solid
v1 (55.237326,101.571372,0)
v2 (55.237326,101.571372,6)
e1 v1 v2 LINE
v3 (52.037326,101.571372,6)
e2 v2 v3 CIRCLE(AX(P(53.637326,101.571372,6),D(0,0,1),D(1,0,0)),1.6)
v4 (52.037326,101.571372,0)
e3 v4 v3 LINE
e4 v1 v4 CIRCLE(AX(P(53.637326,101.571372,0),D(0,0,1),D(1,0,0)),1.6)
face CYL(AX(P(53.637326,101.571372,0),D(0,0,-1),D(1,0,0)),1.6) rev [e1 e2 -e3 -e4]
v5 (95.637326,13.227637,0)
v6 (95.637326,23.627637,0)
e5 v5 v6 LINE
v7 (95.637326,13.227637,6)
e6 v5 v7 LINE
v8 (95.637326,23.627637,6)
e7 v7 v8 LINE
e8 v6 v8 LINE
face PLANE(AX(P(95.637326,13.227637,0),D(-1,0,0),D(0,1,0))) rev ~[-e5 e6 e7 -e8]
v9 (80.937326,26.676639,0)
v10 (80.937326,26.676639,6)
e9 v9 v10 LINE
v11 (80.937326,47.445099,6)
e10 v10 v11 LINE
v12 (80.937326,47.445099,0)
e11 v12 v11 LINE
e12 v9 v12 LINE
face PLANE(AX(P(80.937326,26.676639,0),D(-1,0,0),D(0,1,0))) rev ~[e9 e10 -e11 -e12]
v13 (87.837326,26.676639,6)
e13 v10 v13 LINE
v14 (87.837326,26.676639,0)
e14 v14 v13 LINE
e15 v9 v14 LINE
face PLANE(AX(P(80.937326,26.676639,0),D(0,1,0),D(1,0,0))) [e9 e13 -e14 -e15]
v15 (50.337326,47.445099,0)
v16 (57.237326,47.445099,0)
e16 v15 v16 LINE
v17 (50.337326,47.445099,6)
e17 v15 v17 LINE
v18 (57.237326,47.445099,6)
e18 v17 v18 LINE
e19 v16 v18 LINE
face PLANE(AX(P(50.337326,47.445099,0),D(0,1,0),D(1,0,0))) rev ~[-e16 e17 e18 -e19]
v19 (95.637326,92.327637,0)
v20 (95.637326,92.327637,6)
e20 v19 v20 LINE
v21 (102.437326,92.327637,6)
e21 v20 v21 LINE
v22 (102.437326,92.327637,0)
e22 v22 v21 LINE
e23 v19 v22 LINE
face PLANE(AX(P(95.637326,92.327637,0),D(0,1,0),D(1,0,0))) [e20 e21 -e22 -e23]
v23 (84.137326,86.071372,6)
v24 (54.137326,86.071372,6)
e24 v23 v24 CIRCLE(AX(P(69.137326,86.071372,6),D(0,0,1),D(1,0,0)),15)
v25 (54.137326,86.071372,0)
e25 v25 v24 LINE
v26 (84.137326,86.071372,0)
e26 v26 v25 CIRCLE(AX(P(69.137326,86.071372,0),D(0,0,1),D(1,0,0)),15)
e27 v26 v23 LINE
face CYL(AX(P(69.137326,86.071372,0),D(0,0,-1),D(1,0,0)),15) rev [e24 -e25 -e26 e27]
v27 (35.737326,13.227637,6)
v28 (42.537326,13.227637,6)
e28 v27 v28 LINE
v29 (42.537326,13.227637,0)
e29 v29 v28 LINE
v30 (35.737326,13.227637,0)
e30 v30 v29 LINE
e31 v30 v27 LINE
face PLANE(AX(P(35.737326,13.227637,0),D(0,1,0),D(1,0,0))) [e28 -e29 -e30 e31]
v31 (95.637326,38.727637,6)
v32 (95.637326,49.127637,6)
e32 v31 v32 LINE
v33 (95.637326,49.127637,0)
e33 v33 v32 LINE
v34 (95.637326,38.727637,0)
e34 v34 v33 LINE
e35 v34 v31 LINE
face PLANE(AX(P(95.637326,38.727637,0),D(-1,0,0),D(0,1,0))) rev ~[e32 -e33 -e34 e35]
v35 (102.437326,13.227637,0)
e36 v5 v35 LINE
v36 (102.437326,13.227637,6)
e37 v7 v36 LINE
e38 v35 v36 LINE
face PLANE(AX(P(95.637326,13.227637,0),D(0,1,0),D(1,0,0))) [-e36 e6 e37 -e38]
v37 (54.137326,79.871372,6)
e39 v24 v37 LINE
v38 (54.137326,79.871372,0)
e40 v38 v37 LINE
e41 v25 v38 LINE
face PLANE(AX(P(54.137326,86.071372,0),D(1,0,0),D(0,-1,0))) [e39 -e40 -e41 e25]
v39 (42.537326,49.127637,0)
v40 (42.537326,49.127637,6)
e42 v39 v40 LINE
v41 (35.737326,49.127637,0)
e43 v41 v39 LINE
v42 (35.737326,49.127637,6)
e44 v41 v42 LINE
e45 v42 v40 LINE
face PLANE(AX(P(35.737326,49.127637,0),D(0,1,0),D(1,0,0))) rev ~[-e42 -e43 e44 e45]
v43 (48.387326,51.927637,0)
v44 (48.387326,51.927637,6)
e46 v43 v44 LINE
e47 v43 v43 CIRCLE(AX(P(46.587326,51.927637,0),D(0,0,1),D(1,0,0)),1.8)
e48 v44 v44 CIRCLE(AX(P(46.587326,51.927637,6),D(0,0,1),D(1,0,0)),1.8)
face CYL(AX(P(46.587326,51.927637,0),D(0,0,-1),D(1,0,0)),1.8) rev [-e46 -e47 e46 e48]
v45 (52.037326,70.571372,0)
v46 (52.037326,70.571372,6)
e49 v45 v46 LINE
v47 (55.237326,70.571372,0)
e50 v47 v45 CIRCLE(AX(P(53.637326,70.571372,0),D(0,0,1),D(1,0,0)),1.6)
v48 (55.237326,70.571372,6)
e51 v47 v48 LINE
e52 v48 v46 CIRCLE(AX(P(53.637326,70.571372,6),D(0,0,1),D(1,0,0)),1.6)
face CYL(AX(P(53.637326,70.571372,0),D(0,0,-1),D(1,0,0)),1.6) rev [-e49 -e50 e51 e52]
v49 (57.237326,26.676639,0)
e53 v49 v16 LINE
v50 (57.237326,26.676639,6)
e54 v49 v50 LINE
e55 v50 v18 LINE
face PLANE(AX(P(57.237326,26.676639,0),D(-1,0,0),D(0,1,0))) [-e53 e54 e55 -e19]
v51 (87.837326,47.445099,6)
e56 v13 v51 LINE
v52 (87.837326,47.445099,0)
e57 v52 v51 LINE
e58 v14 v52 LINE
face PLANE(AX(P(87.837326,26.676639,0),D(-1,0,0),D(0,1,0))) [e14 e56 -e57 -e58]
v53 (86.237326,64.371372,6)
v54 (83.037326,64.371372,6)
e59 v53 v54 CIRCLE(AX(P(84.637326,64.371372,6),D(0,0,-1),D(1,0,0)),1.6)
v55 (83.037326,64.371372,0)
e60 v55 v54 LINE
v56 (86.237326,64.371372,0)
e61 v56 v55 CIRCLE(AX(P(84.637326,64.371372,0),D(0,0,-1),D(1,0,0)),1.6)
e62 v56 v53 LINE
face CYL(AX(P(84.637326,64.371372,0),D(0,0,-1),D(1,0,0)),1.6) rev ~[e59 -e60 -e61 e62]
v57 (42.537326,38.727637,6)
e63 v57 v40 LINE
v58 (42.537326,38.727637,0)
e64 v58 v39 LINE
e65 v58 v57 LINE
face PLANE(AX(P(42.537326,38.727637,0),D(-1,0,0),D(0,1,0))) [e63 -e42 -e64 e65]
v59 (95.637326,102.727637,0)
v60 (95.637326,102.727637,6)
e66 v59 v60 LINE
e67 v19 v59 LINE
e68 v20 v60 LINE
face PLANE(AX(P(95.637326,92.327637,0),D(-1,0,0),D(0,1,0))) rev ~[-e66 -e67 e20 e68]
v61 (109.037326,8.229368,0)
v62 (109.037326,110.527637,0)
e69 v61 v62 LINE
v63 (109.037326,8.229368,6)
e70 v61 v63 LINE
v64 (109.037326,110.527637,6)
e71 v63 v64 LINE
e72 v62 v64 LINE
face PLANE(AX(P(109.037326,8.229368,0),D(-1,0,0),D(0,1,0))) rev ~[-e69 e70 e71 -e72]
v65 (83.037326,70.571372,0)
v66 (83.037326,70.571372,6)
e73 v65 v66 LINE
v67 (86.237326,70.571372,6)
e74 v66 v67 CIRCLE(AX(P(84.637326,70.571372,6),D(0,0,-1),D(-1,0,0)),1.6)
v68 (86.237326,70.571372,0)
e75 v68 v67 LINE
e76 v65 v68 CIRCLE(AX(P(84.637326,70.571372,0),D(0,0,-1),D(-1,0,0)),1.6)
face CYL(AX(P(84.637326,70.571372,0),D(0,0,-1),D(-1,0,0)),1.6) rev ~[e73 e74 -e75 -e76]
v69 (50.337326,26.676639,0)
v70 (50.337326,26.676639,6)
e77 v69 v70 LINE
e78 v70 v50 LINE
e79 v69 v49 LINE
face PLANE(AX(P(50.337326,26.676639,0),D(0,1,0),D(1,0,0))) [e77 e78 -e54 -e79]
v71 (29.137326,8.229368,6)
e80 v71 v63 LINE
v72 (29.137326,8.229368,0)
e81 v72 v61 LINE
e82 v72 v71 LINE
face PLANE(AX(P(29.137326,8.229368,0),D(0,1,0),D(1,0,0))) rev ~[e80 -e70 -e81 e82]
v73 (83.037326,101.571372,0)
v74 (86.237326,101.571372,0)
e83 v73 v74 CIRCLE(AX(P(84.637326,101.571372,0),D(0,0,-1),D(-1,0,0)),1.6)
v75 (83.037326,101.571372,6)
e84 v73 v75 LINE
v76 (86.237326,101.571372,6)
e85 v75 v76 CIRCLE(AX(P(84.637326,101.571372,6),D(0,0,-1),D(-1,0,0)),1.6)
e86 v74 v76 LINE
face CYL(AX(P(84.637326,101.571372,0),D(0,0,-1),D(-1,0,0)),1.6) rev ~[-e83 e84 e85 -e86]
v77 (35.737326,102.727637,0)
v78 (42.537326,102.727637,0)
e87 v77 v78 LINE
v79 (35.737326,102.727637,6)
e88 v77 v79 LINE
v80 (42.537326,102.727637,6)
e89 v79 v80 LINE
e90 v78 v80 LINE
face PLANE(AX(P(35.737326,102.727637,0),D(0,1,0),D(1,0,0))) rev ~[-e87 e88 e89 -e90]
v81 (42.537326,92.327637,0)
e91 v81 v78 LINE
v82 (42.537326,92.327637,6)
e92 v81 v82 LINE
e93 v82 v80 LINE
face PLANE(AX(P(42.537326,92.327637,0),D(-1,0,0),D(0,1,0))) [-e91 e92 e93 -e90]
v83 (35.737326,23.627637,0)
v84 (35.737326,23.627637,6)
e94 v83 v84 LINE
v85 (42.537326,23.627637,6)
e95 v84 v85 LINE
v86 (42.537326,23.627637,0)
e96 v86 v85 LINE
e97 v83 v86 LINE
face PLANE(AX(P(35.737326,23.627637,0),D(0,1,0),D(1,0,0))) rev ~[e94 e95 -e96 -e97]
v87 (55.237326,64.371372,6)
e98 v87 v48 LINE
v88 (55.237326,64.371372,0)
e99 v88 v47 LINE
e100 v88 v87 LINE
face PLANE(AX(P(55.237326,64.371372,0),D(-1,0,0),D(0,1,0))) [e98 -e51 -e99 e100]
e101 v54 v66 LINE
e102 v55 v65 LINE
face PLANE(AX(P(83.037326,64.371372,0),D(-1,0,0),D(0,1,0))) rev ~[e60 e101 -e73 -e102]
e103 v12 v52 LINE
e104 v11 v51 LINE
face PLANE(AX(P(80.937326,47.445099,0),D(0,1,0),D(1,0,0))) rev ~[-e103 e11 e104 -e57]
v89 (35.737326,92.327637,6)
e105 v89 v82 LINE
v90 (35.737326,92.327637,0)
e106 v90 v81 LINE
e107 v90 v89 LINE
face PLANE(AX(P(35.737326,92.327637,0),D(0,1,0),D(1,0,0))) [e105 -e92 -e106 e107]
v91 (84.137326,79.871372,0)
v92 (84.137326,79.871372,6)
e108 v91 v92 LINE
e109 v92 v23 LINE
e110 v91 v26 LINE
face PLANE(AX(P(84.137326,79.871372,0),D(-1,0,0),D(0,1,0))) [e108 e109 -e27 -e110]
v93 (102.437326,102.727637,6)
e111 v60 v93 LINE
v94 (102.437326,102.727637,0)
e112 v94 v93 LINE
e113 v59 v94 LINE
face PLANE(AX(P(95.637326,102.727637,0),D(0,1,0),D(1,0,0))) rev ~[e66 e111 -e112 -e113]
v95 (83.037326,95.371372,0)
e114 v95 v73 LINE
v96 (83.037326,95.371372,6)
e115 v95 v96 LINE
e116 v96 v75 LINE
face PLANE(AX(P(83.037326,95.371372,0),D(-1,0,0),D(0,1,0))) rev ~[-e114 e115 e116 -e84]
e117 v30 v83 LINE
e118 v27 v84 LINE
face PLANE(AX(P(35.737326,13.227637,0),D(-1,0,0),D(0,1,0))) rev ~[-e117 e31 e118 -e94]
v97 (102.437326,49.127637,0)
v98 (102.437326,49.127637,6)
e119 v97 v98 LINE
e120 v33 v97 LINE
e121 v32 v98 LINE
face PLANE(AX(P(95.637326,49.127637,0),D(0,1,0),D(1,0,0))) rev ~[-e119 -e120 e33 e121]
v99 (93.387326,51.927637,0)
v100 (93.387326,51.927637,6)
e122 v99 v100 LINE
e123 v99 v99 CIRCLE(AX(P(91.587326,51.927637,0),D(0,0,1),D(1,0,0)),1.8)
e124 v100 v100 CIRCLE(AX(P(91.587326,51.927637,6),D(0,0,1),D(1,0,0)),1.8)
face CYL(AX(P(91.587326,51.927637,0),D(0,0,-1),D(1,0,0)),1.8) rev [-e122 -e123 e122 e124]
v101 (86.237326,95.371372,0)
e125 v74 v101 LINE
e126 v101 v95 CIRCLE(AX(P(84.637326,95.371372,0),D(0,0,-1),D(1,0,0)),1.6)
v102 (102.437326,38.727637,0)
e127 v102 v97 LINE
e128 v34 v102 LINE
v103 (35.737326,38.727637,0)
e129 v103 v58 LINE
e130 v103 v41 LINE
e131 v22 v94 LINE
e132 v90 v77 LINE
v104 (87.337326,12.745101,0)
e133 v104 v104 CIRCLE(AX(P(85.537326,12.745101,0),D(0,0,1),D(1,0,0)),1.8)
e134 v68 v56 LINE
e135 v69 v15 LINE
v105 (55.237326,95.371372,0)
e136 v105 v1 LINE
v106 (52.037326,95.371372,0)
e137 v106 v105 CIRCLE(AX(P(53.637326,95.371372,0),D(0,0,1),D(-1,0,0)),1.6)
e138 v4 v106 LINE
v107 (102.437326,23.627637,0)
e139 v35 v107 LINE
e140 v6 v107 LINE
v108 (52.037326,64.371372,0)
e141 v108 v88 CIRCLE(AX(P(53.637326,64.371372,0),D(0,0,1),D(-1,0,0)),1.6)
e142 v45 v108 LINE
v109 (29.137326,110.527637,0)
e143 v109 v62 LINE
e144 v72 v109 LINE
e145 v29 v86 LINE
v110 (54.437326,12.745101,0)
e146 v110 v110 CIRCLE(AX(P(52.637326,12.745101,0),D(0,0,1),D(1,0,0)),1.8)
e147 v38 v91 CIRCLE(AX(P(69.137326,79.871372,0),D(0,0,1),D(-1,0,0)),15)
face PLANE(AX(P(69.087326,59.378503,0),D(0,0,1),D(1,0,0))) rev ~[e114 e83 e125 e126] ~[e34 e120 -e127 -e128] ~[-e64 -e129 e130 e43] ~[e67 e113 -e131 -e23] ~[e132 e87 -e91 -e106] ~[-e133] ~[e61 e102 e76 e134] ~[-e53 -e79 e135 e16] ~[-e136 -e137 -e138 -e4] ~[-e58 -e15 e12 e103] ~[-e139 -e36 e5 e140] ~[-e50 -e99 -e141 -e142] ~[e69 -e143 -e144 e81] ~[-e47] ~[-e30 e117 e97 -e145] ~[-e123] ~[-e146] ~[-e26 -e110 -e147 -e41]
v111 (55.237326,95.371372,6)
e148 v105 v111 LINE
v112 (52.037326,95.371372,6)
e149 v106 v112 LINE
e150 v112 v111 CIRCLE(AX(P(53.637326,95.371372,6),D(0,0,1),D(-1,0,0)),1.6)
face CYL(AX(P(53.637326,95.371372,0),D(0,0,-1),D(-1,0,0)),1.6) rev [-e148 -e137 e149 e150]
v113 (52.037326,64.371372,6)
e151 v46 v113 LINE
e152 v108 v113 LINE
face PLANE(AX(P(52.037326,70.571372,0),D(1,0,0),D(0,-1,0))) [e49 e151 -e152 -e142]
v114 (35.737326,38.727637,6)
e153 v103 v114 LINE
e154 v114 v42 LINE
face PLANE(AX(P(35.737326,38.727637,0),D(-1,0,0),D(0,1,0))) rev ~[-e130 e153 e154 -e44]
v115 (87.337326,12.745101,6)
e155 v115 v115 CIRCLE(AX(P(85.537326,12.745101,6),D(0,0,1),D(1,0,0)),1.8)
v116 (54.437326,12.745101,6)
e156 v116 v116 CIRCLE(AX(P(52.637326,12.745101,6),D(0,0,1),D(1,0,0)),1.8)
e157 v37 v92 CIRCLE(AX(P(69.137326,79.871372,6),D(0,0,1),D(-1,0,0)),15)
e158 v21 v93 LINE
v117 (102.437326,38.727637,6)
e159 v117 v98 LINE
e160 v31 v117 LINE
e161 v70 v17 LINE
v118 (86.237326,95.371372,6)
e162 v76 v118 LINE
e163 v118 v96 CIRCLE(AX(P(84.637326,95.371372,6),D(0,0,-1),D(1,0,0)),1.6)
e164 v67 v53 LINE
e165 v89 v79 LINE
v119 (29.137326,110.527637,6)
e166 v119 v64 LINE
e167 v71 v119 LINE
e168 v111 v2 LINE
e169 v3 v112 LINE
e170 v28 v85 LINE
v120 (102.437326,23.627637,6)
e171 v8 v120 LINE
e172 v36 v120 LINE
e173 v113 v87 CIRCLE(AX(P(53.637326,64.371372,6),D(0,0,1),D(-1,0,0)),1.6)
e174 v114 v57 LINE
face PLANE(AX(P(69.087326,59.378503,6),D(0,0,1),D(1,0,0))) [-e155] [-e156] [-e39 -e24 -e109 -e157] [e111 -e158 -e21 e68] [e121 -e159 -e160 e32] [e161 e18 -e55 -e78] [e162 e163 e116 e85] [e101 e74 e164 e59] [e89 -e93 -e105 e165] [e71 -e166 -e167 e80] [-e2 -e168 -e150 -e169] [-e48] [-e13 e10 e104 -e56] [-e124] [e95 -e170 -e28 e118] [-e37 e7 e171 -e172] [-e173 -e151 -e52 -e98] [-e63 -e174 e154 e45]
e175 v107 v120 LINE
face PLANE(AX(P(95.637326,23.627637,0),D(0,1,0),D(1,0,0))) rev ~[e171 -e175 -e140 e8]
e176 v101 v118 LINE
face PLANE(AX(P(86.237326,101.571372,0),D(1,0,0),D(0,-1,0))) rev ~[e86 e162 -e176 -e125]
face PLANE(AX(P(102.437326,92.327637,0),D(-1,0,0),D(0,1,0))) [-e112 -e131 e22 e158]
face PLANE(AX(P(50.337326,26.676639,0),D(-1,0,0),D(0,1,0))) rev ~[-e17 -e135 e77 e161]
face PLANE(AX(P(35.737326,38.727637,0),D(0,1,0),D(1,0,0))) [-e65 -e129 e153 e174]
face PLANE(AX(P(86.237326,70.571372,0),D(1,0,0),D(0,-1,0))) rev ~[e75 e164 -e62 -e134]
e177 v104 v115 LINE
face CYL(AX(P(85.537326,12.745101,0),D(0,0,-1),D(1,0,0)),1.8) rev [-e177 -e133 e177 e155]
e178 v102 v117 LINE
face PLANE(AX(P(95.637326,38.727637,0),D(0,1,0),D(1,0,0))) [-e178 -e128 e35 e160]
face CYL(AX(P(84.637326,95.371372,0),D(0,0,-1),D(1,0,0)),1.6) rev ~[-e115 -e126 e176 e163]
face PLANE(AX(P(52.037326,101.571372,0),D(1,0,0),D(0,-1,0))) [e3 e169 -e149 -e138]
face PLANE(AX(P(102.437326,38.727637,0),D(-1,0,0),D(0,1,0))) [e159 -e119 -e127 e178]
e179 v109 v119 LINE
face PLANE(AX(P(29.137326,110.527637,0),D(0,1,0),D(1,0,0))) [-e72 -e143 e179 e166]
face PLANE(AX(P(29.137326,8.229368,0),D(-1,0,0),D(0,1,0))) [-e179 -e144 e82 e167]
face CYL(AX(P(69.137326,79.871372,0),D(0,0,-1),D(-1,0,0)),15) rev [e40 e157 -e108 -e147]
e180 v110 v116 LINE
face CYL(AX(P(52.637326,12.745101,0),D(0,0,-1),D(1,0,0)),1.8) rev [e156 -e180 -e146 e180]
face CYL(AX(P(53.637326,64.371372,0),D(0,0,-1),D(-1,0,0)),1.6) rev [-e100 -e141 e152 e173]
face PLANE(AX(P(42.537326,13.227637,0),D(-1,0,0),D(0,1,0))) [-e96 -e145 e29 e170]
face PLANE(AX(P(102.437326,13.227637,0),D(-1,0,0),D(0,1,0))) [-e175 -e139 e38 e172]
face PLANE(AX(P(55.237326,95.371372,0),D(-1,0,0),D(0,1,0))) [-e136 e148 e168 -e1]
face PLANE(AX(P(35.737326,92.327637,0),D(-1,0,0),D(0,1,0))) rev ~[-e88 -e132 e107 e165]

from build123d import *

# Parameters (mm, degrees)
MODEL_W                  = 79.9
MODEL_H                  = 102.298269881
MODEL_R                  = 1.8
MODEL_W_2                = 6.8
MODEL_H_2                = 10.4
MODEL_W_3                = 6.9
MODEL_H_3                = 20.768459162
RESSALTO_EXTRUS_O1_DEPTH = 6


with BuildPart() as part:
    # Model → Ressalto-extrusão1 (new body)
    with BuildSketch(Plane.XY):
        with Locations((69.087325958, 59.378502518)):
            Rectangle(MODEL_W, MODEL_H)
        with Locations((52.637325958, 12.745101048)):
            Circle(MODEL_R, mode=Mode.SUBTRACT)
        with Locations((85.537325958, 12.745101048)):
            Circle(MODEL_R, mode=Mode.SUBTRACT)
        with Locations((91.587325958, 51.927637459)):
            Circle(MODEL_R, mode=Mode.SUBTRACT)
        with Locations((46.587325958, 51.927637459)):
            Circle(MODEL_R, mode=Mode.SUBTRACT)
        with Locations((99.037325958, 97.527637459)):
            Rectangle(MODEL_W_2, MODEL_H_2, mode=Mode.SUBTRACT)
        with Locations((39.137325958, 97.527637459)):
            Rectangle(MODEL_W_2, MODEL_H_2, mode=Mode.SUBTRACT)
        with Locations((99.037325958, 43.927637459)):
            Rectangle(MODEL_W_2, MODEL_H_2, mode=Mode.SUBTRACT)
        with Locations((39.137325958, 18.427637459)):
            Rectangle(MODEL_W_2, MODEL_H_2, mode=Mode.SUBTRACT)
        with Locations((53.787325958, 37.060868969)):
            Rectangle(MODEL_W_3, MODEL_H_3, mode=Mode.SUBTRACT)
        with BuildLine():
            Line((52.037325958, 70.571372091), (52.037325958, 64.371372091))
            ThreePointArc((52.037325958, 64.371372091), (53.637325958, 62.771372091), (55.237325958, 64.371372091))
            Line((55.237325958, 64.371372091), (55.237325958, 70.571372091))
            ThreePointArc((55.237325958, 70.571372091), (53.637325958, 72.171372091), (52.037325958, 70.571372091))
        make_face(mode=Mode.SUBTRACT)
        with Locations((84.387325958, 37.060868969)):
            Rectangle(MODEL_W_3, MODEL_H_3, mode=Mode.SUBTRACT)
        with Locations((99.037325958, 18.427637459)):
            Rectangle(MODEL_W_2, MODEL_H_2, mode=Mode.SUBTRACT)
        with BuildLine():
            Line((86.237325958, 70.571372091), (86.237325958, 64.371372091))
            ThreePointArc((86.237325958, 64.371372091), (84.637325958, 62.771372091), (83.037325958, 64.371372091))
            Line((83.037325958, 64.371372091), (83.037325958, 70.571372091))
            ThreePointArc((83.037325958, 70.571372091), (84.637325958, 72.171372091), (86.237325958, 70.571372091))
        make_face(mode=Mode.SUBTRACT)
        with BuildLine():
            Line((86.237325958, 101.571372091), (86.237325958, 95.371372091))
            ThreePointArc((86.237325958, 95.371372091), (84.637325958, 93.771372091), (83.037325958, 95.371372091))
            Line((83.037325958, 95.371372091), (83.037325958, 101.571372091))
            ThreePointArc((83.037325958, 101.571372091), (84.637325958, 103.171372091), (86.237325958, 101.571372091))
        make_face(mode=Mode.SUBTRACT)
        with Locations((39.137325958, 43.927637459)):
            Rectangle(MODEL_W_2, MODEL_H_2, mode=Mode.SUBTRACT)
        with BuildLine():
            Line((52.037325958, 101.571372091), (52.037325958, 95.371372091))
            ThreePointArc((52.037325958, 95.371372091), (53.637325958, 93.771372091), (55.237325958, 95.371372091))
            Line((55.237325958, 95.371372091), (55.237325958, 101.571372091))
            ThreePointArc((55.237325958, 101.571372091), (53.637325958, 103.171372091), (52.037325958, 101.571372091))
        make_face(mode=Mode.SUBTRACT)
        with BuildLine():
            Line((54.137325958, 86.071372091), (54.137325958, 79.871372091))
            ThreePointArc((54.137325958, 79.871372091), (69.137325958, 64.871372091), (84.137325958, 79.871372091))
            Line((84.137325958, 79.871372091), (84.137325958, 86.071372091))
            ThreePointArc((84.137325958, 86.071372091), (69.137325958, 101.071372091), (54.137325958, 86.071372091))
        make_face(mode=Mode.SUBTRACT)
    extrude(amount=RESSALTO_EXTRUS_O1_DEPTH)


solid = part.part
